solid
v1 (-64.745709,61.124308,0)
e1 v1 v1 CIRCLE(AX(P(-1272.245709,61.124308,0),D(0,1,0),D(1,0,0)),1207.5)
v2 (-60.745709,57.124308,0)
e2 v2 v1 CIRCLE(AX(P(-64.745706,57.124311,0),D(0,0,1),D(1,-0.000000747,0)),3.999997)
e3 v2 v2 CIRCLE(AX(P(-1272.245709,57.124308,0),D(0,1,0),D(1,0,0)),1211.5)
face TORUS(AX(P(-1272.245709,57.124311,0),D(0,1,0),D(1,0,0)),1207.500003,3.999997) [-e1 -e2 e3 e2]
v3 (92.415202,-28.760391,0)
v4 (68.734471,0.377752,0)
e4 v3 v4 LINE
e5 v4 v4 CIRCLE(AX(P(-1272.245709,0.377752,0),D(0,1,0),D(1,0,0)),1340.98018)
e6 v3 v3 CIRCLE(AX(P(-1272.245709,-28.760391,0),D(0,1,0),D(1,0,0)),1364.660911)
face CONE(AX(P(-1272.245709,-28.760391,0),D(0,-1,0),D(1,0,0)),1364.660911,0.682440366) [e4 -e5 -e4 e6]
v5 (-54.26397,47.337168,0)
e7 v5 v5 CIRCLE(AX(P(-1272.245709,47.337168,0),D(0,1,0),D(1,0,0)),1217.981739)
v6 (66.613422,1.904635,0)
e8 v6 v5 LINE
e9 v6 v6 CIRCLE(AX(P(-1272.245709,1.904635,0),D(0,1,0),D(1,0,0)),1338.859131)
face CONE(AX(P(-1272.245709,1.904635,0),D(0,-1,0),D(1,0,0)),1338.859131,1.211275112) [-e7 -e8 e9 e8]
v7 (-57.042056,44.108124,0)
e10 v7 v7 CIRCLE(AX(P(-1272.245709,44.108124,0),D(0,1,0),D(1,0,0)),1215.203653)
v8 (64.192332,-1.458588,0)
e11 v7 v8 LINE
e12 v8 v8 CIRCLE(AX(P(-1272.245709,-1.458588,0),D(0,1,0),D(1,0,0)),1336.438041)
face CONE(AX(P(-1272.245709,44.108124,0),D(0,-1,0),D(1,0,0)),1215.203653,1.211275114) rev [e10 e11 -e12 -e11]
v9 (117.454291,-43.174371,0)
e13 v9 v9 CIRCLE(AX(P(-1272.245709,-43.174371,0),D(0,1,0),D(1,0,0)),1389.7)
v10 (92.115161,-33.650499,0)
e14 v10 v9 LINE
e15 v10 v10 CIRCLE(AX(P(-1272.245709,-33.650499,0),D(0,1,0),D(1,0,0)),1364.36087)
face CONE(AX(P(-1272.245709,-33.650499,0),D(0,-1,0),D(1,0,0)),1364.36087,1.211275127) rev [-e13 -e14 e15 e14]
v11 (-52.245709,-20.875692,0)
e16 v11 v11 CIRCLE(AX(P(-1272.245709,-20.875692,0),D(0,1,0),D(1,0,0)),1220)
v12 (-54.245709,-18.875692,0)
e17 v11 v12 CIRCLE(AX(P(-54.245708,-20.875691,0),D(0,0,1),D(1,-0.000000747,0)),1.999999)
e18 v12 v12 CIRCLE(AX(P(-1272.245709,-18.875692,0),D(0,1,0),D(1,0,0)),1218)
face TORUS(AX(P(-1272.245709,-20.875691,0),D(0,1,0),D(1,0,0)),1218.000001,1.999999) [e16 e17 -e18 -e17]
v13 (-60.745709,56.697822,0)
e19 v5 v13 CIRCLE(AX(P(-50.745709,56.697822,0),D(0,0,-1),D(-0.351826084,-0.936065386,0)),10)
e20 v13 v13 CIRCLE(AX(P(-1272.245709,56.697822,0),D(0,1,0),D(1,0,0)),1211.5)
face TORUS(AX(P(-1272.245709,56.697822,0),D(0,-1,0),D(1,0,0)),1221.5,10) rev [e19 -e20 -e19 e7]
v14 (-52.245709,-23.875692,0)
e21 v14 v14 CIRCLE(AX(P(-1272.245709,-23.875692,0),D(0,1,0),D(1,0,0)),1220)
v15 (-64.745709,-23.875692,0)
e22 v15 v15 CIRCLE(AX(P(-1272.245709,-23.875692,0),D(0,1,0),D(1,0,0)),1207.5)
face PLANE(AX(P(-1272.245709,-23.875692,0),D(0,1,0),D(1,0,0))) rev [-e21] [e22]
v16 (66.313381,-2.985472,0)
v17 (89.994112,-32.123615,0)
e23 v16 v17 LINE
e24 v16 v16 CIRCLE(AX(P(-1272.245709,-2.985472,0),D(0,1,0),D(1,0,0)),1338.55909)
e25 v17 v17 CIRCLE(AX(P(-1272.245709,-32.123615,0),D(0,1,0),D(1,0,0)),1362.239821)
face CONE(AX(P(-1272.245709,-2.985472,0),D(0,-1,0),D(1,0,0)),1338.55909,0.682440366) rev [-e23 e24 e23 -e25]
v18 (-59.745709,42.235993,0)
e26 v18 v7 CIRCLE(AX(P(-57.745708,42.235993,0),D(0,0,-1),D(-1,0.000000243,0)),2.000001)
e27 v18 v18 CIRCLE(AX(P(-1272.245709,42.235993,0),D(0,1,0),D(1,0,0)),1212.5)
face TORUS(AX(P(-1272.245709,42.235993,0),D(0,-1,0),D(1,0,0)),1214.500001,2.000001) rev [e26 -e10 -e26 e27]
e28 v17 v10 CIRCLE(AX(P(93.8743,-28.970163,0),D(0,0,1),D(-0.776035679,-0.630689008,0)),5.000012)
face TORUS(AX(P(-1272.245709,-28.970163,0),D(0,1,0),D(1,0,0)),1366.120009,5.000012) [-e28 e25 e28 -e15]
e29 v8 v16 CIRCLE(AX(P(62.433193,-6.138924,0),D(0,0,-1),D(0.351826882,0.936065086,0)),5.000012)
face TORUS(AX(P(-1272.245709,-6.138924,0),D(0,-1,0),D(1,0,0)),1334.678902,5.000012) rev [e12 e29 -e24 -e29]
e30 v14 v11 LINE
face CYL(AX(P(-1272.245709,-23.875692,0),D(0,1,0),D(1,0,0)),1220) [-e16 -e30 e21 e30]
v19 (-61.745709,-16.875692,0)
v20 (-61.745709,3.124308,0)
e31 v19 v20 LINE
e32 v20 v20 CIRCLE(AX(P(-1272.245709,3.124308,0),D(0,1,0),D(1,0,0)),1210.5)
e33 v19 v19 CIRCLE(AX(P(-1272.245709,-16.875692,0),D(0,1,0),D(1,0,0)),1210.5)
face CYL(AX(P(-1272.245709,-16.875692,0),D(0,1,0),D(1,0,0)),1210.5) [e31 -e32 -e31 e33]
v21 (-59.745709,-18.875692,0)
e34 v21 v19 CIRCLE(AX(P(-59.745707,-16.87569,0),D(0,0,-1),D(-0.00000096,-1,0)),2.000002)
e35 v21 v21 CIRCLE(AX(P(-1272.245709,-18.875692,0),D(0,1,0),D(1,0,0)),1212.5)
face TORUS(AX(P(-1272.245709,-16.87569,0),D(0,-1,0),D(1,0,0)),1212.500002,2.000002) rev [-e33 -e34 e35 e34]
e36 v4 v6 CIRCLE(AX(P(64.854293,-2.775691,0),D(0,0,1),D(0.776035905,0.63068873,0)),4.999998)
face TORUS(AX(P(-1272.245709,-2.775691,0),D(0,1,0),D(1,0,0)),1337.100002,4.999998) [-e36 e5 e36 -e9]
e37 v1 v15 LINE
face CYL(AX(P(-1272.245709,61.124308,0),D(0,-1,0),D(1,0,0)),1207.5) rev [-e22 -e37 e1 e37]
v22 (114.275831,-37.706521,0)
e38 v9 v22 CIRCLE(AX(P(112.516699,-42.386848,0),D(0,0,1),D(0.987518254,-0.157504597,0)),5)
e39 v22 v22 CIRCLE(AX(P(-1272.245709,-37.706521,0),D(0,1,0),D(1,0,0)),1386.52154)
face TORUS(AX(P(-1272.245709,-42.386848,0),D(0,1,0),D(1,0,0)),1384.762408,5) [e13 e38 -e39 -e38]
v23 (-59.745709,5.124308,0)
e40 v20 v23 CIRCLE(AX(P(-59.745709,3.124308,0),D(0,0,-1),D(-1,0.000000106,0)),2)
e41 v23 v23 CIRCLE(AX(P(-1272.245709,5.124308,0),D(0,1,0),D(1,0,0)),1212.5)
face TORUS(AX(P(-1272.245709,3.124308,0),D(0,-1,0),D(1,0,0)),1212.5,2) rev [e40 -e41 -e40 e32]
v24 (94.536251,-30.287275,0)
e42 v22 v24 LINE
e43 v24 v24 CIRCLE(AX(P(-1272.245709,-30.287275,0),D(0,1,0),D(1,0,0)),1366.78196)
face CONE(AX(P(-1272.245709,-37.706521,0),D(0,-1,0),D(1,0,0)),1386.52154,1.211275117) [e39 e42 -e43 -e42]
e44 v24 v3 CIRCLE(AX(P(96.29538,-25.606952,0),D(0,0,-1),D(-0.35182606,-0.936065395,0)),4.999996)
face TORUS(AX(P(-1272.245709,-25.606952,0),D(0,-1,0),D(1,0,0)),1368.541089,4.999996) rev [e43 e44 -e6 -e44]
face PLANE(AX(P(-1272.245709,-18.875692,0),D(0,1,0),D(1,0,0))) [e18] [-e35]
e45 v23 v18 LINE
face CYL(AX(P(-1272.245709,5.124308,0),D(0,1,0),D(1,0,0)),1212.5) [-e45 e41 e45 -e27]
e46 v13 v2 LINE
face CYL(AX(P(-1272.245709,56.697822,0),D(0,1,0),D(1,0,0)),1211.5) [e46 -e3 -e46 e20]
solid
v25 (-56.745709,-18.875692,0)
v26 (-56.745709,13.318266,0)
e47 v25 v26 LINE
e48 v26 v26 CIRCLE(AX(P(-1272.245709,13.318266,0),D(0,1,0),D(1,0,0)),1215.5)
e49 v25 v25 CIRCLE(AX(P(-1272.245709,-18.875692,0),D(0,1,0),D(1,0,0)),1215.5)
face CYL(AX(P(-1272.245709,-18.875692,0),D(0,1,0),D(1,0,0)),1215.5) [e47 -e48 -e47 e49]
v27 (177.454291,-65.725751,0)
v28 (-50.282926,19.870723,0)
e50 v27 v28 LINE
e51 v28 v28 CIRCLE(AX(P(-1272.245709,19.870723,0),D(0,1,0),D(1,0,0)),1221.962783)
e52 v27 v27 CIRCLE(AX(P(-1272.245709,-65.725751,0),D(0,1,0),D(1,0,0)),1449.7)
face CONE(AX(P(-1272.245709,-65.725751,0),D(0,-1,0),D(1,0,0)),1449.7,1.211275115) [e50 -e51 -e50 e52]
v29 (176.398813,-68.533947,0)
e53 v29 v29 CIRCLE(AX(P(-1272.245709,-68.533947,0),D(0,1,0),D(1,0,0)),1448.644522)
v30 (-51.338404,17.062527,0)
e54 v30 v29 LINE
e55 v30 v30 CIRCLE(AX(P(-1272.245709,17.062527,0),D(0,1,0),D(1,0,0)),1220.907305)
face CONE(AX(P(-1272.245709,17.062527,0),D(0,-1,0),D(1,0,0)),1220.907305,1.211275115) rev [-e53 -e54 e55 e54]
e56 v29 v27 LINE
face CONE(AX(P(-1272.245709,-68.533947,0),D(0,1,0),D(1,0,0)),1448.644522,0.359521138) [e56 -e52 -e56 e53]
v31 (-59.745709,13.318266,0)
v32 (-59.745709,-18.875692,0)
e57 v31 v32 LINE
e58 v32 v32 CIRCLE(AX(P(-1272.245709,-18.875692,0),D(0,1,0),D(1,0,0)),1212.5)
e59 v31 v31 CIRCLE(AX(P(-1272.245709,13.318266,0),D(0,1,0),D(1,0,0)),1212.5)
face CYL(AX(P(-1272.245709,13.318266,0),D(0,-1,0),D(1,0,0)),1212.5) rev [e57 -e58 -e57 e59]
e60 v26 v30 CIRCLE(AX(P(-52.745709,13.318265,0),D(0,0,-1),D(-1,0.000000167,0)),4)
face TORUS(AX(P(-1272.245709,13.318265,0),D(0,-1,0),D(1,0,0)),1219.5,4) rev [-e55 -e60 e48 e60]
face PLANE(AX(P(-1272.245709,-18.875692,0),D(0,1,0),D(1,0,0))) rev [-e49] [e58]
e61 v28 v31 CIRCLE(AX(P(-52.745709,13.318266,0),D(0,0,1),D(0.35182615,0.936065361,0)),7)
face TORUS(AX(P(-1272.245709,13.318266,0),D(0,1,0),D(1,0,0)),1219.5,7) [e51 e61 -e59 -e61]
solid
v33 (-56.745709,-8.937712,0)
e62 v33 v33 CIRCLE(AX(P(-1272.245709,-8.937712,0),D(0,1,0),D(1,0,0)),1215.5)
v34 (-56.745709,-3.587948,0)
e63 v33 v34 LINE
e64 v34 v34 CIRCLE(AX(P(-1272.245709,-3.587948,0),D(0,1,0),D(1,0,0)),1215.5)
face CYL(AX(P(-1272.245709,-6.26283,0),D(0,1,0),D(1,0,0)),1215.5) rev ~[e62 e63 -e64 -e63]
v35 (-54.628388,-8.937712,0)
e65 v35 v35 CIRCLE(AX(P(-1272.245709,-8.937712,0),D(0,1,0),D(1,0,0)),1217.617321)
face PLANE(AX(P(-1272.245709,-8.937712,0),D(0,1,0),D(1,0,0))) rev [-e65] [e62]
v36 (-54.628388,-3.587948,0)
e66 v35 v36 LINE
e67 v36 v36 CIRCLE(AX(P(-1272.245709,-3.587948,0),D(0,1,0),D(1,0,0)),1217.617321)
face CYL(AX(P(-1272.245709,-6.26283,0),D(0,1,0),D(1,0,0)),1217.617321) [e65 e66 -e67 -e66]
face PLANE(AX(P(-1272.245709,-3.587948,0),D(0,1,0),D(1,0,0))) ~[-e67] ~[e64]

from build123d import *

# Parameters (mm, degrees)
F2_W = 2.117321
F2_H = 5.349764


with BuildPart() as f3:
    # F2 (on Top) → F3 (revolve)
    with BuildSketch(Plane.XY):
        with Locations((-55.687049, -6.26283)):
            Rectangle(F2_W, F2_H)
    revolve(axis=Axis((-1272.245709, -11.326335, 0), (0, 1, 0)))


with BuildPart() as f4:
    # F1 (on Top) → F4 (revolve)
    with BuildSketch(Plane.XY):
        with BuildLine():
            Line((-59.745709, 13.318266), (-59.745709, -18.875692))
            Line((-59.745709, -18.875692), (-56.745709, -18.875692))
            Line((-56.745709, -18.875692), (-56.745709, 13.318266))
            ThreePointArc((-56.745709, 13.318266), (-55.022854, 16.606823), (-51.338404, 17.062527))
            Line((-51.338404, 17.062527), (176.398813, -68.533947))
            Line((176.398813, -68.533947), (177.454291, -65.725751))
            Line((177.454291, -65.725751), (-50.282926, 19.870723))
            ThreePointArc((-50.282926, 19.870723), (-56.730713, 19.073241), (-59.745709, 13.318266))
        make_face()
    revolve(axis=Axis((-1272.245709, -11.326335, 0), (0, 1, 0)))


with BuildPart() as f5:
    # F0 (on Top) → F5 (revolve)
    with BuildSketch(Plane.XY):
        with BuildLine():
            Line((-64.745709, 61.124308), (-64.745709, -23.875692))
            Line((-64.745709, -23.875692), (-52.245709, -23.875692))
            Line((-52.245709, -23.875692), (-52.245709, -20.875692))
            ThreePointArc((-52.245709, -20.875692), (-52.831495, -19.461478), (-54.245709, -18.875692))
            Line((-54.245709, -18.875692), (-59.745709, -18.875692))
            ThreePointArc((-59.745709, -18.875692), (-61.159922, -18.289905), (-61.745709, -16.875692))
            Line((-61.745709, -16.875692), (-61.745709, 3.124308))
            ThreePointArc((-61.745709, 3.124308), (-61.159922, 4.538522), (-59.745709, 5.124308))
            Line((-59.745709, 5.124308), (-59.745709, 42.235993))
            ThreePointArc((-59.745709, 42.235993), (-58.884281, 43.880272), (-57.042056, 44.108124))
            Line((-57.042056, 44.108124), (64.192332, -1.458588))
            ThreePointArc((64.192332, -1.458588), (65.354382, -2.080997), (66.313381, -2.985472))
            Line((66.313381, -2.985472), (89.994112, -32.123615))
            ThreePointArc((89.994112, -32.123615), (90.953111, -33.02809), (92.115161, -33.650499))
            Line((92.115161, -33.650499), (117.454291, -43.174371))
            ThreePointArc((117.454291, -43.174371), (116.839415, -39.874054), (114.275831, -37.706521))
            Line((114.275831, -37.706521), (94.536251, -30.287275))
            ThreePointArc((94.536251, -30.287275), (93.3742, -29.664866), (92.415202, -28.760391))
            Line((92.415202, -28.760391), (68.734471, 0.377752))
            ThreePointArc((68.734471, 0.377752), (67.775472, 1.282227), (66.613422, 1.904635))
            Line((66.613422, 1.904635), (-54.26397, 47.337168))
            ThreePointArc((-54.26397, 47.337168), (-58.967102, 51.004958), (-60.745709, 56.697822))
            Line((-60.745709, 56.697822), (-60.745709, 57.124308))
            ThreePointArc((-60.745709, 57.124308), (-61.917281, 59.952736), (-64.745709, 61.124308))
        make_face()
    revolve(axis=Axis((-1272.245709, -11.326335, 0), (0, 1, 0)))


solid = Compound([f3.part, f4.part, f5.part])
